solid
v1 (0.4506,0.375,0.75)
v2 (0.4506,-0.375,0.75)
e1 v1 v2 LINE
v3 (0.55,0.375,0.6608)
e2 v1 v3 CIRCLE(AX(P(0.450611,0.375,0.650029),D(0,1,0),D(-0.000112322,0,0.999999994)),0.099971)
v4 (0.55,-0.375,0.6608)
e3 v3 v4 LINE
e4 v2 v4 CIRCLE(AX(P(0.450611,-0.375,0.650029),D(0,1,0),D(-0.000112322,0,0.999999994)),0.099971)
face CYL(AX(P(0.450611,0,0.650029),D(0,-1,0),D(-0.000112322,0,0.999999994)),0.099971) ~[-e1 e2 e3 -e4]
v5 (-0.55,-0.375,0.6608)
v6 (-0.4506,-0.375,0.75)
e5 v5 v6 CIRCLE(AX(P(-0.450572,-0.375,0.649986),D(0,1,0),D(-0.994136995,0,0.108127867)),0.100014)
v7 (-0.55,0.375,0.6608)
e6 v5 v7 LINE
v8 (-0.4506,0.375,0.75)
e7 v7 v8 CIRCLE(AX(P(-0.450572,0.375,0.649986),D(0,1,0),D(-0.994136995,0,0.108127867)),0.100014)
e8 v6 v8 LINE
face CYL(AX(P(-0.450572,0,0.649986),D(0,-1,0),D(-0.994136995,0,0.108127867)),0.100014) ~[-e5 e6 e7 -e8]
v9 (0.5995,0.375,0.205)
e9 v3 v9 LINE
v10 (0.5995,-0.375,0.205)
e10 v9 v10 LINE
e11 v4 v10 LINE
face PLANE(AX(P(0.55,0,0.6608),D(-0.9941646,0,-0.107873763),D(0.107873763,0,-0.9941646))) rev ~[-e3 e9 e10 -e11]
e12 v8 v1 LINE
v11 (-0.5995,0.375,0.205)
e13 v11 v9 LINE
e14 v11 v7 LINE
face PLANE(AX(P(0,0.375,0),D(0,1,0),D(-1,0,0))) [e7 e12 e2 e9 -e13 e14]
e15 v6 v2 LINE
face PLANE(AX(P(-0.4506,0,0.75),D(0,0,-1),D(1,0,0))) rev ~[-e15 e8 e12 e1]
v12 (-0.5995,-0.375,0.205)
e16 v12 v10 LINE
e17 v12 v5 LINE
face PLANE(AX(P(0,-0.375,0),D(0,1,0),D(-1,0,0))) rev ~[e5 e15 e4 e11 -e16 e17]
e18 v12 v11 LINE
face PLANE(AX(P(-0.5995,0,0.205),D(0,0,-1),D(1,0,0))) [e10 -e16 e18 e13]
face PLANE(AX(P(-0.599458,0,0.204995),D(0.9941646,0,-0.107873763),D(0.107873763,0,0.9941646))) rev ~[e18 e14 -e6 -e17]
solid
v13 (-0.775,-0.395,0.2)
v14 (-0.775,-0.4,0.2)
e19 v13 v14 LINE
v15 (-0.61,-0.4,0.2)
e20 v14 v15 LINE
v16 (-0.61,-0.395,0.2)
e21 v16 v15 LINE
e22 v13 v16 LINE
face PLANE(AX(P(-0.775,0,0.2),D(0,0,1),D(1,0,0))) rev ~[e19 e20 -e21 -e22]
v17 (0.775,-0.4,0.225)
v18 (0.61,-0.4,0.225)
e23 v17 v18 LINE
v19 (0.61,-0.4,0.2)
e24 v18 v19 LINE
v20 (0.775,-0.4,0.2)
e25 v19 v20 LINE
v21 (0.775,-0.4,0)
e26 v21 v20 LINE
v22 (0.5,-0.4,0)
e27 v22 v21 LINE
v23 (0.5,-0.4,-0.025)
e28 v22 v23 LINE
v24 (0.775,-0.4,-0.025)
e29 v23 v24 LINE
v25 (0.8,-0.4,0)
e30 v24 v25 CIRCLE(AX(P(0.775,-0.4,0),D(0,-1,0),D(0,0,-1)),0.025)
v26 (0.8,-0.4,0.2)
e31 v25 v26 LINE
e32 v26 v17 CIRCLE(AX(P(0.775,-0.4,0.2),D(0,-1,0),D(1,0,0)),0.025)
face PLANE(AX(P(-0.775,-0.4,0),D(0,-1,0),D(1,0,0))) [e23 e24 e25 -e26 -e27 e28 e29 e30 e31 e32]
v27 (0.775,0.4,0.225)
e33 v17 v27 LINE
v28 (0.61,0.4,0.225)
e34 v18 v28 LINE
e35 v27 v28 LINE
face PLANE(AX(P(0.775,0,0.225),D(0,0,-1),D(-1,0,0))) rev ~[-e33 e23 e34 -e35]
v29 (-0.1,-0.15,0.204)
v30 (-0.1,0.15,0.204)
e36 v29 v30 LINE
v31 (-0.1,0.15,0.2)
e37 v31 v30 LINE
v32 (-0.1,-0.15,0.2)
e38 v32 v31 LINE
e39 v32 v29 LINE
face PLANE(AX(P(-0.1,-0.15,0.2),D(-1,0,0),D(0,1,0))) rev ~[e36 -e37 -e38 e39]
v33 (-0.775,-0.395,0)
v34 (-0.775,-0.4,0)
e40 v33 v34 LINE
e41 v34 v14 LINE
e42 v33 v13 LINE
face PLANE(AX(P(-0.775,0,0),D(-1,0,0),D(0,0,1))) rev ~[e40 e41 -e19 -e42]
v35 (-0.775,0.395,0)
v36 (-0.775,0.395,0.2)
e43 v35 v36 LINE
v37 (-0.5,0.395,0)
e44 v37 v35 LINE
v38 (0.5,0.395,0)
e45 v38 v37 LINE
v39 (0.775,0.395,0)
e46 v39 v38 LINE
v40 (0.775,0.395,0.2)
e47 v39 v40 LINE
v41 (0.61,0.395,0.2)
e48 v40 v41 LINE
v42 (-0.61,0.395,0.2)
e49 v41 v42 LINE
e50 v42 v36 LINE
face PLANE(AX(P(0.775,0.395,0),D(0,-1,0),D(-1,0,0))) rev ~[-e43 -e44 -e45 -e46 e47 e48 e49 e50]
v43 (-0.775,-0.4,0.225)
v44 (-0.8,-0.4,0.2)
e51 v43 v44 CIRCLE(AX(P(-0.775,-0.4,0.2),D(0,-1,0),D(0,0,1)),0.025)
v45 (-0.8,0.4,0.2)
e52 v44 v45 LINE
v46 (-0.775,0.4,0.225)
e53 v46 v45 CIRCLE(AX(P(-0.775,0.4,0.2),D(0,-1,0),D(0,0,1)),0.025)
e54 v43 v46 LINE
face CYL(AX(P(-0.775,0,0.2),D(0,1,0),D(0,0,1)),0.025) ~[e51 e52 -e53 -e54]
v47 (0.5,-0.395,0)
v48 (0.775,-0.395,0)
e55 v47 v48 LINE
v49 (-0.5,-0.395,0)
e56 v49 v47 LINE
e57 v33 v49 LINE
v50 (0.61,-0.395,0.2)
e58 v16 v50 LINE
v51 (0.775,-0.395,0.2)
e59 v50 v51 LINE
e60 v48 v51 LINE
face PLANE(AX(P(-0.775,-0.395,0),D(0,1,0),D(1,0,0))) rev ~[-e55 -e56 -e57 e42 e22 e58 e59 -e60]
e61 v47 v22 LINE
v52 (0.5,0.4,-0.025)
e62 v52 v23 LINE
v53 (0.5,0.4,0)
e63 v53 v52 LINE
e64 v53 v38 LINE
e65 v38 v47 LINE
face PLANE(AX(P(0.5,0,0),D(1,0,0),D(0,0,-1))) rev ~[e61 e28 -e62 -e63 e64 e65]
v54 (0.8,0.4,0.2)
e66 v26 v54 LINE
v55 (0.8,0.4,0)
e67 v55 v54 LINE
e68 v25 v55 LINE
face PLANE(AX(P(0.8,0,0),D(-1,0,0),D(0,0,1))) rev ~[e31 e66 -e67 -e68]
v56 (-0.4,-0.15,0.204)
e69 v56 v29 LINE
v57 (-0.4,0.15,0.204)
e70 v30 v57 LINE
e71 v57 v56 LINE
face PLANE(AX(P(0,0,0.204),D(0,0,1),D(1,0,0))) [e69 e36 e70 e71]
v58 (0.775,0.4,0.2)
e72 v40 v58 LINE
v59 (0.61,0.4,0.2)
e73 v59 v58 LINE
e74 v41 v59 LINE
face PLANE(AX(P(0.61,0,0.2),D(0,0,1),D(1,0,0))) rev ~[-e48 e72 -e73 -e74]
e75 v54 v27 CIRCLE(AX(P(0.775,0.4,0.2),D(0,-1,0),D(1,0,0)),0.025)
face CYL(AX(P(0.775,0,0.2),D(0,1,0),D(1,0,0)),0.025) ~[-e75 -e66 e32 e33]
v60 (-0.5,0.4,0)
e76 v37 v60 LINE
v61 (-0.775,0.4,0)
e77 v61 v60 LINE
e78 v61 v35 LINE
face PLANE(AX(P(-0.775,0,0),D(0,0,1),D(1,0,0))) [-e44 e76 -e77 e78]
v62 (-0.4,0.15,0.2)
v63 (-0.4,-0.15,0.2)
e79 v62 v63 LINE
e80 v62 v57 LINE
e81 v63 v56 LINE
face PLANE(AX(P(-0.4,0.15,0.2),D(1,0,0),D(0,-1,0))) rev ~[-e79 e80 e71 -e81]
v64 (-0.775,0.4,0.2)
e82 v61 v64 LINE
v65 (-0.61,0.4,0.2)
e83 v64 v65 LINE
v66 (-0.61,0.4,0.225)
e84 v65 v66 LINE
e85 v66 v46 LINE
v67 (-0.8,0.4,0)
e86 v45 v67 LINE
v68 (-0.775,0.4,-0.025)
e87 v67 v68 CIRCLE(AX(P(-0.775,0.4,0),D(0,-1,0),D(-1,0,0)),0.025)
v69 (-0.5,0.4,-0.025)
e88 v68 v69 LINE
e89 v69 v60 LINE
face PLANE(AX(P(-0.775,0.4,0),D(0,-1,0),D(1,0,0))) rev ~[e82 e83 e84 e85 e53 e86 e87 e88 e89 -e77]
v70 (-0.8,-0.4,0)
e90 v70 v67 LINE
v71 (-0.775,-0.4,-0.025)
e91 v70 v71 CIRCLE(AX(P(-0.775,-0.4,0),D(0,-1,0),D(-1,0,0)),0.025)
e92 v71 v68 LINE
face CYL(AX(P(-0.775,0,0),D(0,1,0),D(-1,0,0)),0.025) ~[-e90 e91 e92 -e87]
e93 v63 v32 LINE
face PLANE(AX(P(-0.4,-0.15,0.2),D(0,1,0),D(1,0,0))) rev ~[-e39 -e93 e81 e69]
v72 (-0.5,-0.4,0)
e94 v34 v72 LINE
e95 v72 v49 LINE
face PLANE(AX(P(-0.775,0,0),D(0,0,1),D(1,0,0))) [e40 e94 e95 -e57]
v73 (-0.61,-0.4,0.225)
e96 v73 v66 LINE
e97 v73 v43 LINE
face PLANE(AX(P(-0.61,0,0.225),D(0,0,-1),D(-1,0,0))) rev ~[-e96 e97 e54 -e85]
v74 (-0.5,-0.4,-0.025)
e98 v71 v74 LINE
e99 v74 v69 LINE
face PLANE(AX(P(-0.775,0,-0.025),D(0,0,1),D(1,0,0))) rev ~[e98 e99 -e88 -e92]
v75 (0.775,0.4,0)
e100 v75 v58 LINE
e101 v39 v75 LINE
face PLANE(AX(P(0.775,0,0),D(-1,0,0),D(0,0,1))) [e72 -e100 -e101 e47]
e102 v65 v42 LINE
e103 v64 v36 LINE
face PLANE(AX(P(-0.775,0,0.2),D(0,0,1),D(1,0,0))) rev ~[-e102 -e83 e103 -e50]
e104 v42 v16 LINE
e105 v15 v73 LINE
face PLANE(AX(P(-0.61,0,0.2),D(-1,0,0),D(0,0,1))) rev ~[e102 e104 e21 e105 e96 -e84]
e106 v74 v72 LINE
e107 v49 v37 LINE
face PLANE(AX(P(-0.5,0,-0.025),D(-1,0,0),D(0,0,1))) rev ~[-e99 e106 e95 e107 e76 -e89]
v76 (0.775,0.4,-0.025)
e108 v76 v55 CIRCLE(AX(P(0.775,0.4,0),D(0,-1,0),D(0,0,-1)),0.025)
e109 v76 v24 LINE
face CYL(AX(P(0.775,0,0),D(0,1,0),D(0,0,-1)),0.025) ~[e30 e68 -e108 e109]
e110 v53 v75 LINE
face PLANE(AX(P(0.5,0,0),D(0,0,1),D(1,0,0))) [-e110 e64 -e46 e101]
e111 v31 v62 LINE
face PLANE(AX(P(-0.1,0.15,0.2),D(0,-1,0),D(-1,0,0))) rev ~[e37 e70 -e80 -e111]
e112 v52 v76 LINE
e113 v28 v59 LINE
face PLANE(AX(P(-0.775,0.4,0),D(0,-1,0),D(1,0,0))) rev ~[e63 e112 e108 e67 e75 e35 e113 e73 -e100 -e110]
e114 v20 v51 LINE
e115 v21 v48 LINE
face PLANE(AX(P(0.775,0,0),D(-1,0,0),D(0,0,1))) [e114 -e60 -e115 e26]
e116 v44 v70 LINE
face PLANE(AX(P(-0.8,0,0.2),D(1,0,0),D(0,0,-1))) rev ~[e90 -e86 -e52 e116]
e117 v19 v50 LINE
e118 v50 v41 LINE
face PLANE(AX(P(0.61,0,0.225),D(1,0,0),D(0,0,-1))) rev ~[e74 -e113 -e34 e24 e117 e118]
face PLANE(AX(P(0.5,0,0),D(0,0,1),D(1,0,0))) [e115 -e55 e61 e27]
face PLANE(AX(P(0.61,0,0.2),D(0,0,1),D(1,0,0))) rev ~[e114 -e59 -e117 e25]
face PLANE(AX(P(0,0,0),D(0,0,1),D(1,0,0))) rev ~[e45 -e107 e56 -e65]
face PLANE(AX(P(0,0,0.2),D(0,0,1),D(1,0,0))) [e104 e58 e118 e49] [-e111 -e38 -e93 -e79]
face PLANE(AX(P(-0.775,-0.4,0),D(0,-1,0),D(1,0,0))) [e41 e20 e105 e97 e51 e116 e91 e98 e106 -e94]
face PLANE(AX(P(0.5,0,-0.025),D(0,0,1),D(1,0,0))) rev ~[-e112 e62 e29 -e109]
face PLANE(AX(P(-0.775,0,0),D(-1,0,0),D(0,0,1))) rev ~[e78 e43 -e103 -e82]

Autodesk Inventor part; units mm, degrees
ref_plane "YZ Plane" through (0, 0, 0) normal (1, 0, 0) x (0, 1, 0)
ref_plane "XZ Plane" through (0, 0, 0) normal (0, 1, 0) x (-1, 0, 0)
ref_plane "XY Plane" through (0, 0, 0) normal (0, 0, 1) x (1, 0, 0)
sketch "Sketch1" plane through (0, 0, 0) normal (0, 0, 1) x (1, 0, 0)
  line L0 (-0.775, -0.395) -> (0.775, -0.395)
  line L1 (0.775, -0.395) -> (0.775, 0.395)
  line L2 (0.775, 0.395) -> (-0.775, 0.395)
  line L3 (-0.775, 0.395) -> (-0.775, -0.395)
  line L4 (-0.775, -0.395) -> (0.775, 0.395) construction
  line L5 (0.775, -0.395) -> (-0.775, 0.395) construction
  point P0 (0, 0)
  dimension "d0" = 1.55
  dimension "d1" = 0.79
extrude "Extrusion1" add sketch "Sketch1" along normal blind 0.2
sketch "Sketch2" plane through (0, 0, 0) normal (0, 1, 0) x (-1, 0, 0)
  line L0 (0.775, 0) -> (-0.775, 0) projected
  line L1 (-0.775, 0) -> (-0.775, 0.2) projected
  line L2 (0.775, 0.2) -> (-0.775, 0.2) projected
  line L3 (0.775, 0) -> (0.775, 0.2) projected
  line L4 (0.6, 0.2) -> (0.55, 0.6608)
  arc A0 (0.55, 0.6608) -> (0.4506, 0.75) centre (0.4506, 0.65) ccw
  line L5 (0.4506, 0.75) -> (-0.4506, 0.75)
  arc A1 (-0.4506, 0.75) -> (-0.55, 0.6608) centre (-0.4506, 0.65) ccw
  line L6 (-0.55, 0.6608) -> (-0.6, 0.2)
  line L7 (0.5995, 0.205) -> (-0.5995, 0.205)
  point P0 (0, 0)
  point P1 (0, 0.75)
  point P2 (0, 0.2)
  dimension "d7" = 1.2
  dimension "d8" = 1.1
  dimension "d9" = 0.1
  dimension "d22" = 0.75
  dimension "d23" = 0.005
extrude "Extrusion3" add sketch "Sketch2" along normal mid plane 0.75 contours L7 L6 A1 L5 A0 L4
sketch "Sketch3" plane through (-0.775, 0, 0) normal (0, -1, 0) x (1, 0, 0)
  line L0 (0, 0) -> (1.55, 0) projected
  line L1 (1.55, 0) -> (1.55, 0.2) projected
  line L2 (0, 0.2) -> (1.55, 0.2) projected
  line L3 (0, 0) -> (0, 0.2) projected
  line L4 (0, 0.2) -> (1.55, 0.2) projected
  line L5 (0.165, 0.2) -> (0.165, 0.225)
  line L6 (0.165, 0.225) -> (0, 0.225)
  arc A0 (0, 0.225) -> (-0.025, 0.2) centre (0, 0.2) ccw
  line L7 (-0.025, 0.2) -> (-0.025, 0)
  arc A1 (-0.025, 0) -> (0, -0.025) centre (0, 0) ccw
  line L8 (0, -0.025) -> (0.275, -0.025)
  line L9 (0.275, -0.025) -> (0.275, 0)
  line L10 (0, 0) -> (1.55, 0) projected
  line L11 (1.275, 0) -> (1.275, -0.025)
  line L12 (1.275, -0.025) -> (1.55, -0.025)
  arc A2 (1.55, -0.025) -> (1.575, 0) centre (1.55, 0) ccw
  line L13 (1.575, 0) -> (1.575, 0.2)
  arc A3 (1.575, 0.2) -> (1.55, 0.225) centre (1.55, 0.2) ccw
  line L14 (1.55, 0.225) -> (1.385, 0.225)
  line L15 (1.385, 0.225) -> (1.385, 0.2)
  point P0 (0.775, 0)
  dimension "d13" = 1.6
  dimension "d14" = 0.3
  dimension "d15" = 0.19
extrude "Extrusion4" add sketch "Sketch3" along normal mid plane 0.8 contours L0 L9 L8 A1 L7 A0 L6 L5 L2 L3 | L0 L1 L2 L15 L14 A3 L13 A2 L12 L11
sketch "Sketch4" plane through (0, 0, 0.2) normal (0, 0, 1) x (1, 0, 0)
  line L0 (-0.775, 0.4) -> (-0.775, -0.4) projected
  line L1 (-0.61, -0.4) -> (-0.775, -0.4) projected
  line L2 (-0.61, 0.4) -> (-0.61, -0.4) projected
  line L3 (-0.775, 0.4) -> (-0.61, 0.4) projected
  line L4 (0.61, 0.4) -> (0.61, -0.4) projected
  line L5 (0.775, -0.4) -> (0.61, -0.4) projected
  line L6 (0.775, 0.4) -> (0.775, -0.4) projected
  line L7 (0.61, 0.4) -> (0.775, 0.4) projected
  line L8 (-0.4, -0.15) -> (-0.1, -0.15)
  line L9 (-0.1, -0.15) -> (-0.1, 0.15)
  line L10 (-0.1, 0.15) -> (-0.4, 0.15)
  line L11 (-0.4, 0.15) -> (-0.4, -0.15)
  line L12 (-0.4, -0.15) -> (-0.1, 0.15) construction
  line L13 (-0.1, -0.15) -> (-0.4, 0.15) construction
  point P0 (0, 0)
  point P1 (-0.25, 0)
  point P2 (-0.25, 0)
  dimension "d18" = 0.25
  dimension "d19" = 0.3
extrude "Extrusion5" add sketch "Sketch4" along normal blind 0.004 contours L11 L10 L9 L8
properties part number "63-0001" material "ABS Plastic"
